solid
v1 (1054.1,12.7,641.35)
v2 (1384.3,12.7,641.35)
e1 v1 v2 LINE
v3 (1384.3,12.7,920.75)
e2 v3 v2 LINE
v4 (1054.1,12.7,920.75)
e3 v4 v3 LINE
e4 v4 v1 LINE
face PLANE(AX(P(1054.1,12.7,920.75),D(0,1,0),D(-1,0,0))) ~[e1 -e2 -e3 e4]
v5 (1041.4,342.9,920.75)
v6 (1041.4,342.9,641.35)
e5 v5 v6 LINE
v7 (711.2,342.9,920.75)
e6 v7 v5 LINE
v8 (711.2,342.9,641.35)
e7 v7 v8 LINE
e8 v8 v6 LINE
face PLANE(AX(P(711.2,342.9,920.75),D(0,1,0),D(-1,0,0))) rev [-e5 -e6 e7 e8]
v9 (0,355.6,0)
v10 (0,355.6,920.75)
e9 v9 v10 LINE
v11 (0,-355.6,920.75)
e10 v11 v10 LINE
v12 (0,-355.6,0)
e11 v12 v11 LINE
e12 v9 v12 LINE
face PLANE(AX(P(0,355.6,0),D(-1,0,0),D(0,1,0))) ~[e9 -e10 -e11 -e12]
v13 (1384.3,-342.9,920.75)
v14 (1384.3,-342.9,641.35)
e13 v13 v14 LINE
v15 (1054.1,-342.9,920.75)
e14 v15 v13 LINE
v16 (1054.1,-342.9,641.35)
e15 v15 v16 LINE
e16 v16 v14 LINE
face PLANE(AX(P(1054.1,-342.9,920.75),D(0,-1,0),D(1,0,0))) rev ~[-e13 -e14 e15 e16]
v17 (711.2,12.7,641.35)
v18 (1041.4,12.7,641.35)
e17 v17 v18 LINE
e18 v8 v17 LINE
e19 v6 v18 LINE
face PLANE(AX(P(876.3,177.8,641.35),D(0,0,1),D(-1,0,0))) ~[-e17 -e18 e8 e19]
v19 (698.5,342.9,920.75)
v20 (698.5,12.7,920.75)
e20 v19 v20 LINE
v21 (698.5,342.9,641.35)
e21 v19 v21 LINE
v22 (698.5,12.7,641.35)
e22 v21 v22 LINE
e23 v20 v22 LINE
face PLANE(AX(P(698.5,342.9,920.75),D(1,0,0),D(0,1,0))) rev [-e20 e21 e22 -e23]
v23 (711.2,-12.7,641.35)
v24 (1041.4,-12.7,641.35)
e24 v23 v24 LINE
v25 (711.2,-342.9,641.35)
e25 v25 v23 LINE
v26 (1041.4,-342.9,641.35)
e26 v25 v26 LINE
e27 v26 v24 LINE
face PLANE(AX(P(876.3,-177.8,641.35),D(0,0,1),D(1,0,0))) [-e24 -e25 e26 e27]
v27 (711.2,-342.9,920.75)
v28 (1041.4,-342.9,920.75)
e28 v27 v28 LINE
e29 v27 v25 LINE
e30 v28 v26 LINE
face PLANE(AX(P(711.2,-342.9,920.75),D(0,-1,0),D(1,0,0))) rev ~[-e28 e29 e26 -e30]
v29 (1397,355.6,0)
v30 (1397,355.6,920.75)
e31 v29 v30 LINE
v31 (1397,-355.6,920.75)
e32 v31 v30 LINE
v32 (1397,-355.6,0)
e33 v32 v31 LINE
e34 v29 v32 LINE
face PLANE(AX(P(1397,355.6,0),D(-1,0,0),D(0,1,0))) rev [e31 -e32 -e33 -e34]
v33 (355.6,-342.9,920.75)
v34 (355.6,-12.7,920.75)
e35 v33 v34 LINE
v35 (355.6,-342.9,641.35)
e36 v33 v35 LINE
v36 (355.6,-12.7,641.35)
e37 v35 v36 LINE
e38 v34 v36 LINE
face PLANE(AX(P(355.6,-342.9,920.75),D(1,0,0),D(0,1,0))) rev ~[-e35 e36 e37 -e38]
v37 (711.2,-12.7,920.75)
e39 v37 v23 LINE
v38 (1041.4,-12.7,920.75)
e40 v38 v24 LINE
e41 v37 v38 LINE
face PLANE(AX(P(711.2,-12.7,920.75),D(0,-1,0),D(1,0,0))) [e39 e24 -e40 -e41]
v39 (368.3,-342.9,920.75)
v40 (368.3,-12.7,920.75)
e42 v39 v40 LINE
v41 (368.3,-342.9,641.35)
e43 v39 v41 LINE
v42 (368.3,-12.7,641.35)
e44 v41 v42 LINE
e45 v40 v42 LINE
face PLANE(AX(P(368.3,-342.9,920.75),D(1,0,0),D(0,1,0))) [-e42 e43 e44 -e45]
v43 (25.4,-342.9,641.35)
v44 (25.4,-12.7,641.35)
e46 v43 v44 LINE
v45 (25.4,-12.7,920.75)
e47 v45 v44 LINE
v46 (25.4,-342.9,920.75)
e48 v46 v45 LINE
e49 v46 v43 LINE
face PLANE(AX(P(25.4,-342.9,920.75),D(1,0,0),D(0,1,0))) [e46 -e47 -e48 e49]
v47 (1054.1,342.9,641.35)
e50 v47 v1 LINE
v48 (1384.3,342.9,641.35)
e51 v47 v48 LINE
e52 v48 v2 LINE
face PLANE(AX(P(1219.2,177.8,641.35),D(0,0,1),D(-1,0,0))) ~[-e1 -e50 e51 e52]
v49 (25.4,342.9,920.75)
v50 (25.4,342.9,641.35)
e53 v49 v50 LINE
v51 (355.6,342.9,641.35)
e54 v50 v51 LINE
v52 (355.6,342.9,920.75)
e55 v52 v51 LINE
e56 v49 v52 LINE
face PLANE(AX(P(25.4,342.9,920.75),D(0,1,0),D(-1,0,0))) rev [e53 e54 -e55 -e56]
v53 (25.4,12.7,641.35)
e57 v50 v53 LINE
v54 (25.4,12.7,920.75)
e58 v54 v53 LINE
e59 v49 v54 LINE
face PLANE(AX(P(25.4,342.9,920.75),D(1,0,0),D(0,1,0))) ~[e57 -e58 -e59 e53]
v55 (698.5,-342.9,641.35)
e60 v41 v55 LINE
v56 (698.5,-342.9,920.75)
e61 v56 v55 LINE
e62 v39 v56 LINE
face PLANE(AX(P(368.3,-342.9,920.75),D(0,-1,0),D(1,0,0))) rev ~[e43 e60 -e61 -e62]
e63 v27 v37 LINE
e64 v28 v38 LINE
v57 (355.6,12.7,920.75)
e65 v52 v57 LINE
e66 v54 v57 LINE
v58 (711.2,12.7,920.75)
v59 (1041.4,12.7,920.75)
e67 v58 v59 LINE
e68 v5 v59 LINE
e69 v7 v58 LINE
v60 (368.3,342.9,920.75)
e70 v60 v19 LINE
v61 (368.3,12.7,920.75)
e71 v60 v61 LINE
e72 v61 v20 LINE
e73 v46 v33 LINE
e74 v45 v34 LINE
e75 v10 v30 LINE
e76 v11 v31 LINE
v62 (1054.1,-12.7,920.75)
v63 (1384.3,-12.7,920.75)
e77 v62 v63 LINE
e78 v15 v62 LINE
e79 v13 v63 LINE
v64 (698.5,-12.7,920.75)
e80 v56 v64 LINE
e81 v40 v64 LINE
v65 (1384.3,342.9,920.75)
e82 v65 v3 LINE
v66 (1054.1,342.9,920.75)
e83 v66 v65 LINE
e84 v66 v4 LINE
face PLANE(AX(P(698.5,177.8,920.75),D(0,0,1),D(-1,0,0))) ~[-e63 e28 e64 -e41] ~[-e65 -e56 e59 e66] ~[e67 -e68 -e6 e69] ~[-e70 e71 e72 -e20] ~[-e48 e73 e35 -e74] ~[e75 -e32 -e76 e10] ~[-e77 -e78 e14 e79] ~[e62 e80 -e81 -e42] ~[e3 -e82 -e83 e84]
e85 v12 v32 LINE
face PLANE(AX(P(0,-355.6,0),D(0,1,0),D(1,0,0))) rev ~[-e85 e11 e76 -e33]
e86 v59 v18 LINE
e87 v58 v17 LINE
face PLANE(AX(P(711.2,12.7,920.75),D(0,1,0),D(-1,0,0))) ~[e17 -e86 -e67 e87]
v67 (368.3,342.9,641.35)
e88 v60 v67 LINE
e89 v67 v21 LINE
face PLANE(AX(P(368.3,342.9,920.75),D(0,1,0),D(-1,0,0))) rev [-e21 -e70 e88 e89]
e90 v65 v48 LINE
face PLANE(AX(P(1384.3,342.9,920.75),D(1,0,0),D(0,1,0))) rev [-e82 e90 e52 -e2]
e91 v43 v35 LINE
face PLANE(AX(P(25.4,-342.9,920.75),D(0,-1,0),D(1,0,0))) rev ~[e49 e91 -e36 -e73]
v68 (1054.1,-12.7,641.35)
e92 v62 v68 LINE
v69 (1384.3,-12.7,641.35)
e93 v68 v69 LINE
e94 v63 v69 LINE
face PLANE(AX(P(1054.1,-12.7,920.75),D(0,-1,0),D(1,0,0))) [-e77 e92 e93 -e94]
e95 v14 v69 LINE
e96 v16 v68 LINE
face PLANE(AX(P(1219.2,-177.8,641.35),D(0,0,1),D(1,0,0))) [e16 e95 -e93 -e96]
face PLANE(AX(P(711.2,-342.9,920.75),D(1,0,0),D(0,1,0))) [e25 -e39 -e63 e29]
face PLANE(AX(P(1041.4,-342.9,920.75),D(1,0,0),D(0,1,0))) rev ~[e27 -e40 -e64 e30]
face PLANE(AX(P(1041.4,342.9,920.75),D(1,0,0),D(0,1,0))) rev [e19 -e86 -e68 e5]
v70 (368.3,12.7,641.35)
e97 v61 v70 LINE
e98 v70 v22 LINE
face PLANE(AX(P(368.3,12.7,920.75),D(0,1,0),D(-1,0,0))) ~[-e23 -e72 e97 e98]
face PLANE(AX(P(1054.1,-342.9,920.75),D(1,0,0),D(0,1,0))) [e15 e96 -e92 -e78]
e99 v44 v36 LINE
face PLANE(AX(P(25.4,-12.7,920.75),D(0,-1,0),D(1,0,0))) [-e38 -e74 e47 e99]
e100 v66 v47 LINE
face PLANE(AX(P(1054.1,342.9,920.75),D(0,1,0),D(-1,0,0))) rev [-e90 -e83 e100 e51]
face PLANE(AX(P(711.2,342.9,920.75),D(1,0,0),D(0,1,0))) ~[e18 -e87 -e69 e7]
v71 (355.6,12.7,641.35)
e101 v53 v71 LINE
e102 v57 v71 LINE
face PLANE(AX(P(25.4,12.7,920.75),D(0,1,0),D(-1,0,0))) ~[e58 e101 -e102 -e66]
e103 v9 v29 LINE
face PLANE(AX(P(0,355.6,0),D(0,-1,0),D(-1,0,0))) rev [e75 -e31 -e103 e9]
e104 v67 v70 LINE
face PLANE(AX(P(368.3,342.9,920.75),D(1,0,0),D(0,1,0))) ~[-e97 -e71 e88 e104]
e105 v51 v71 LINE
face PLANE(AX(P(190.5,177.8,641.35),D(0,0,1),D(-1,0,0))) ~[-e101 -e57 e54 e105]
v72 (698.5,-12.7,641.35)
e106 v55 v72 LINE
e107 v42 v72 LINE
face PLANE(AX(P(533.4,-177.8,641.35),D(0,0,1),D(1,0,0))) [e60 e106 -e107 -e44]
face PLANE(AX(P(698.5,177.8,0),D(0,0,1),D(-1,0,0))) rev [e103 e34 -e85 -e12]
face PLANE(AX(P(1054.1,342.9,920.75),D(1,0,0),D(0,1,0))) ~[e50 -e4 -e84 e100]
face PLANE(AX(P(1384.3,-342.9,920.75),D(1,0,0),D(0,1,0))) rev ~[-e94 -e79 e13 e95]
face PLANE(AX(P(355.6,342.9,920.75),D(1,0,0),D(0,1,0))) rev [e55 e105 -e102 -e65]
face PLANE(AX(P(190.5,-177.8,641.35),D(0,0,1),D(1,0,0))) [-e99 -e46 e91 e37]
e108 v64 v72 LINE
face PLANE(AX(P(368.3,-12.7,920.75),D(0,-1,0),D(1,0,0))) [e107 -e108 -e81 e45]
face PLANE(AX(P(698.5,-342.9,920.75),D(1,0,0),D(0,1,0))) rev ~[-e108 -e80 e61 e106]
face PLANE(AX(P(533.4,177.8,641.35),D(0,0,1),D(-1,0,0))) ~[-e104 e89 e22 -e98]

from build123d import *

# Parameters (mm, degrees)
F0_W      = 1397
F0_H      = 355.6
F1_DEPTH  = 920.75
F9_W      = 330.2
F9_H      = 330.2
F10_DEPTH = 279.4
F7_W      = 330.2
F7_H      = 330.2
F11_DEPTH = 279.4
F5_W      = 330.2
F5_H      = 330.2
F12_DEPTH = 279.4
F3_W      = 330.2
F3_H      = 330.2
F13_DEPTH = 279.4


with BuildPart() as f1:
    # F0 (on Top) → F1 (new body)
    with BuildSketch(Plane.XY):
        with Locations((698.5, -177.8)):
            Rectangle(F0_W, F0_H)
    extrude(amount=F1_DEPTH)

    # F9 (on face) → F10 (cut)
    with BuildSketch(Plane.XY.offset(920.75)):
        with Locations((190.5, -177.8)):
            Rectangle(F9_W, F9_H)
    extrude(amount=-F10_DEPTH, mode=Mode.SUBTRACT)

    # F7 (on face) → F11 (cut)
    with BuildSketch(Plane.XY.offset(920.75)):
        with Locations((533.4, -177.8)):
            Rectangle(F7_W, F7_H)
    extrude(amount=-F11_DEPTH, mode=Mode.SUBTRACT)

    # F5 (on face) → F12 (cut)
    with BuildSketch(Plane.XY.offset(920.75)):
        with Locations((876.3, -177.8)):
            Rectangle(F5_W, F5_H)
    extrude(amount=-F12_DEPTH, mode=Mode.SUBTRACT)

    # F3 (on face) → F13 (cut)
    with BuildSketch(Plane.XY.offset(920.75)):
        with Locations((1219.2, -177.8)):
            Rectangle(F3_W, F3_H)
    extrude(amount=-F13_DEPTH, mode=Mode.SUBTRACT)

    # F14: F1 across plane


with BuildPart() as f1_1:
    add(f1.part)
    add(f1.part.mirror(Plane.XZ))


solid = f1_1.part
